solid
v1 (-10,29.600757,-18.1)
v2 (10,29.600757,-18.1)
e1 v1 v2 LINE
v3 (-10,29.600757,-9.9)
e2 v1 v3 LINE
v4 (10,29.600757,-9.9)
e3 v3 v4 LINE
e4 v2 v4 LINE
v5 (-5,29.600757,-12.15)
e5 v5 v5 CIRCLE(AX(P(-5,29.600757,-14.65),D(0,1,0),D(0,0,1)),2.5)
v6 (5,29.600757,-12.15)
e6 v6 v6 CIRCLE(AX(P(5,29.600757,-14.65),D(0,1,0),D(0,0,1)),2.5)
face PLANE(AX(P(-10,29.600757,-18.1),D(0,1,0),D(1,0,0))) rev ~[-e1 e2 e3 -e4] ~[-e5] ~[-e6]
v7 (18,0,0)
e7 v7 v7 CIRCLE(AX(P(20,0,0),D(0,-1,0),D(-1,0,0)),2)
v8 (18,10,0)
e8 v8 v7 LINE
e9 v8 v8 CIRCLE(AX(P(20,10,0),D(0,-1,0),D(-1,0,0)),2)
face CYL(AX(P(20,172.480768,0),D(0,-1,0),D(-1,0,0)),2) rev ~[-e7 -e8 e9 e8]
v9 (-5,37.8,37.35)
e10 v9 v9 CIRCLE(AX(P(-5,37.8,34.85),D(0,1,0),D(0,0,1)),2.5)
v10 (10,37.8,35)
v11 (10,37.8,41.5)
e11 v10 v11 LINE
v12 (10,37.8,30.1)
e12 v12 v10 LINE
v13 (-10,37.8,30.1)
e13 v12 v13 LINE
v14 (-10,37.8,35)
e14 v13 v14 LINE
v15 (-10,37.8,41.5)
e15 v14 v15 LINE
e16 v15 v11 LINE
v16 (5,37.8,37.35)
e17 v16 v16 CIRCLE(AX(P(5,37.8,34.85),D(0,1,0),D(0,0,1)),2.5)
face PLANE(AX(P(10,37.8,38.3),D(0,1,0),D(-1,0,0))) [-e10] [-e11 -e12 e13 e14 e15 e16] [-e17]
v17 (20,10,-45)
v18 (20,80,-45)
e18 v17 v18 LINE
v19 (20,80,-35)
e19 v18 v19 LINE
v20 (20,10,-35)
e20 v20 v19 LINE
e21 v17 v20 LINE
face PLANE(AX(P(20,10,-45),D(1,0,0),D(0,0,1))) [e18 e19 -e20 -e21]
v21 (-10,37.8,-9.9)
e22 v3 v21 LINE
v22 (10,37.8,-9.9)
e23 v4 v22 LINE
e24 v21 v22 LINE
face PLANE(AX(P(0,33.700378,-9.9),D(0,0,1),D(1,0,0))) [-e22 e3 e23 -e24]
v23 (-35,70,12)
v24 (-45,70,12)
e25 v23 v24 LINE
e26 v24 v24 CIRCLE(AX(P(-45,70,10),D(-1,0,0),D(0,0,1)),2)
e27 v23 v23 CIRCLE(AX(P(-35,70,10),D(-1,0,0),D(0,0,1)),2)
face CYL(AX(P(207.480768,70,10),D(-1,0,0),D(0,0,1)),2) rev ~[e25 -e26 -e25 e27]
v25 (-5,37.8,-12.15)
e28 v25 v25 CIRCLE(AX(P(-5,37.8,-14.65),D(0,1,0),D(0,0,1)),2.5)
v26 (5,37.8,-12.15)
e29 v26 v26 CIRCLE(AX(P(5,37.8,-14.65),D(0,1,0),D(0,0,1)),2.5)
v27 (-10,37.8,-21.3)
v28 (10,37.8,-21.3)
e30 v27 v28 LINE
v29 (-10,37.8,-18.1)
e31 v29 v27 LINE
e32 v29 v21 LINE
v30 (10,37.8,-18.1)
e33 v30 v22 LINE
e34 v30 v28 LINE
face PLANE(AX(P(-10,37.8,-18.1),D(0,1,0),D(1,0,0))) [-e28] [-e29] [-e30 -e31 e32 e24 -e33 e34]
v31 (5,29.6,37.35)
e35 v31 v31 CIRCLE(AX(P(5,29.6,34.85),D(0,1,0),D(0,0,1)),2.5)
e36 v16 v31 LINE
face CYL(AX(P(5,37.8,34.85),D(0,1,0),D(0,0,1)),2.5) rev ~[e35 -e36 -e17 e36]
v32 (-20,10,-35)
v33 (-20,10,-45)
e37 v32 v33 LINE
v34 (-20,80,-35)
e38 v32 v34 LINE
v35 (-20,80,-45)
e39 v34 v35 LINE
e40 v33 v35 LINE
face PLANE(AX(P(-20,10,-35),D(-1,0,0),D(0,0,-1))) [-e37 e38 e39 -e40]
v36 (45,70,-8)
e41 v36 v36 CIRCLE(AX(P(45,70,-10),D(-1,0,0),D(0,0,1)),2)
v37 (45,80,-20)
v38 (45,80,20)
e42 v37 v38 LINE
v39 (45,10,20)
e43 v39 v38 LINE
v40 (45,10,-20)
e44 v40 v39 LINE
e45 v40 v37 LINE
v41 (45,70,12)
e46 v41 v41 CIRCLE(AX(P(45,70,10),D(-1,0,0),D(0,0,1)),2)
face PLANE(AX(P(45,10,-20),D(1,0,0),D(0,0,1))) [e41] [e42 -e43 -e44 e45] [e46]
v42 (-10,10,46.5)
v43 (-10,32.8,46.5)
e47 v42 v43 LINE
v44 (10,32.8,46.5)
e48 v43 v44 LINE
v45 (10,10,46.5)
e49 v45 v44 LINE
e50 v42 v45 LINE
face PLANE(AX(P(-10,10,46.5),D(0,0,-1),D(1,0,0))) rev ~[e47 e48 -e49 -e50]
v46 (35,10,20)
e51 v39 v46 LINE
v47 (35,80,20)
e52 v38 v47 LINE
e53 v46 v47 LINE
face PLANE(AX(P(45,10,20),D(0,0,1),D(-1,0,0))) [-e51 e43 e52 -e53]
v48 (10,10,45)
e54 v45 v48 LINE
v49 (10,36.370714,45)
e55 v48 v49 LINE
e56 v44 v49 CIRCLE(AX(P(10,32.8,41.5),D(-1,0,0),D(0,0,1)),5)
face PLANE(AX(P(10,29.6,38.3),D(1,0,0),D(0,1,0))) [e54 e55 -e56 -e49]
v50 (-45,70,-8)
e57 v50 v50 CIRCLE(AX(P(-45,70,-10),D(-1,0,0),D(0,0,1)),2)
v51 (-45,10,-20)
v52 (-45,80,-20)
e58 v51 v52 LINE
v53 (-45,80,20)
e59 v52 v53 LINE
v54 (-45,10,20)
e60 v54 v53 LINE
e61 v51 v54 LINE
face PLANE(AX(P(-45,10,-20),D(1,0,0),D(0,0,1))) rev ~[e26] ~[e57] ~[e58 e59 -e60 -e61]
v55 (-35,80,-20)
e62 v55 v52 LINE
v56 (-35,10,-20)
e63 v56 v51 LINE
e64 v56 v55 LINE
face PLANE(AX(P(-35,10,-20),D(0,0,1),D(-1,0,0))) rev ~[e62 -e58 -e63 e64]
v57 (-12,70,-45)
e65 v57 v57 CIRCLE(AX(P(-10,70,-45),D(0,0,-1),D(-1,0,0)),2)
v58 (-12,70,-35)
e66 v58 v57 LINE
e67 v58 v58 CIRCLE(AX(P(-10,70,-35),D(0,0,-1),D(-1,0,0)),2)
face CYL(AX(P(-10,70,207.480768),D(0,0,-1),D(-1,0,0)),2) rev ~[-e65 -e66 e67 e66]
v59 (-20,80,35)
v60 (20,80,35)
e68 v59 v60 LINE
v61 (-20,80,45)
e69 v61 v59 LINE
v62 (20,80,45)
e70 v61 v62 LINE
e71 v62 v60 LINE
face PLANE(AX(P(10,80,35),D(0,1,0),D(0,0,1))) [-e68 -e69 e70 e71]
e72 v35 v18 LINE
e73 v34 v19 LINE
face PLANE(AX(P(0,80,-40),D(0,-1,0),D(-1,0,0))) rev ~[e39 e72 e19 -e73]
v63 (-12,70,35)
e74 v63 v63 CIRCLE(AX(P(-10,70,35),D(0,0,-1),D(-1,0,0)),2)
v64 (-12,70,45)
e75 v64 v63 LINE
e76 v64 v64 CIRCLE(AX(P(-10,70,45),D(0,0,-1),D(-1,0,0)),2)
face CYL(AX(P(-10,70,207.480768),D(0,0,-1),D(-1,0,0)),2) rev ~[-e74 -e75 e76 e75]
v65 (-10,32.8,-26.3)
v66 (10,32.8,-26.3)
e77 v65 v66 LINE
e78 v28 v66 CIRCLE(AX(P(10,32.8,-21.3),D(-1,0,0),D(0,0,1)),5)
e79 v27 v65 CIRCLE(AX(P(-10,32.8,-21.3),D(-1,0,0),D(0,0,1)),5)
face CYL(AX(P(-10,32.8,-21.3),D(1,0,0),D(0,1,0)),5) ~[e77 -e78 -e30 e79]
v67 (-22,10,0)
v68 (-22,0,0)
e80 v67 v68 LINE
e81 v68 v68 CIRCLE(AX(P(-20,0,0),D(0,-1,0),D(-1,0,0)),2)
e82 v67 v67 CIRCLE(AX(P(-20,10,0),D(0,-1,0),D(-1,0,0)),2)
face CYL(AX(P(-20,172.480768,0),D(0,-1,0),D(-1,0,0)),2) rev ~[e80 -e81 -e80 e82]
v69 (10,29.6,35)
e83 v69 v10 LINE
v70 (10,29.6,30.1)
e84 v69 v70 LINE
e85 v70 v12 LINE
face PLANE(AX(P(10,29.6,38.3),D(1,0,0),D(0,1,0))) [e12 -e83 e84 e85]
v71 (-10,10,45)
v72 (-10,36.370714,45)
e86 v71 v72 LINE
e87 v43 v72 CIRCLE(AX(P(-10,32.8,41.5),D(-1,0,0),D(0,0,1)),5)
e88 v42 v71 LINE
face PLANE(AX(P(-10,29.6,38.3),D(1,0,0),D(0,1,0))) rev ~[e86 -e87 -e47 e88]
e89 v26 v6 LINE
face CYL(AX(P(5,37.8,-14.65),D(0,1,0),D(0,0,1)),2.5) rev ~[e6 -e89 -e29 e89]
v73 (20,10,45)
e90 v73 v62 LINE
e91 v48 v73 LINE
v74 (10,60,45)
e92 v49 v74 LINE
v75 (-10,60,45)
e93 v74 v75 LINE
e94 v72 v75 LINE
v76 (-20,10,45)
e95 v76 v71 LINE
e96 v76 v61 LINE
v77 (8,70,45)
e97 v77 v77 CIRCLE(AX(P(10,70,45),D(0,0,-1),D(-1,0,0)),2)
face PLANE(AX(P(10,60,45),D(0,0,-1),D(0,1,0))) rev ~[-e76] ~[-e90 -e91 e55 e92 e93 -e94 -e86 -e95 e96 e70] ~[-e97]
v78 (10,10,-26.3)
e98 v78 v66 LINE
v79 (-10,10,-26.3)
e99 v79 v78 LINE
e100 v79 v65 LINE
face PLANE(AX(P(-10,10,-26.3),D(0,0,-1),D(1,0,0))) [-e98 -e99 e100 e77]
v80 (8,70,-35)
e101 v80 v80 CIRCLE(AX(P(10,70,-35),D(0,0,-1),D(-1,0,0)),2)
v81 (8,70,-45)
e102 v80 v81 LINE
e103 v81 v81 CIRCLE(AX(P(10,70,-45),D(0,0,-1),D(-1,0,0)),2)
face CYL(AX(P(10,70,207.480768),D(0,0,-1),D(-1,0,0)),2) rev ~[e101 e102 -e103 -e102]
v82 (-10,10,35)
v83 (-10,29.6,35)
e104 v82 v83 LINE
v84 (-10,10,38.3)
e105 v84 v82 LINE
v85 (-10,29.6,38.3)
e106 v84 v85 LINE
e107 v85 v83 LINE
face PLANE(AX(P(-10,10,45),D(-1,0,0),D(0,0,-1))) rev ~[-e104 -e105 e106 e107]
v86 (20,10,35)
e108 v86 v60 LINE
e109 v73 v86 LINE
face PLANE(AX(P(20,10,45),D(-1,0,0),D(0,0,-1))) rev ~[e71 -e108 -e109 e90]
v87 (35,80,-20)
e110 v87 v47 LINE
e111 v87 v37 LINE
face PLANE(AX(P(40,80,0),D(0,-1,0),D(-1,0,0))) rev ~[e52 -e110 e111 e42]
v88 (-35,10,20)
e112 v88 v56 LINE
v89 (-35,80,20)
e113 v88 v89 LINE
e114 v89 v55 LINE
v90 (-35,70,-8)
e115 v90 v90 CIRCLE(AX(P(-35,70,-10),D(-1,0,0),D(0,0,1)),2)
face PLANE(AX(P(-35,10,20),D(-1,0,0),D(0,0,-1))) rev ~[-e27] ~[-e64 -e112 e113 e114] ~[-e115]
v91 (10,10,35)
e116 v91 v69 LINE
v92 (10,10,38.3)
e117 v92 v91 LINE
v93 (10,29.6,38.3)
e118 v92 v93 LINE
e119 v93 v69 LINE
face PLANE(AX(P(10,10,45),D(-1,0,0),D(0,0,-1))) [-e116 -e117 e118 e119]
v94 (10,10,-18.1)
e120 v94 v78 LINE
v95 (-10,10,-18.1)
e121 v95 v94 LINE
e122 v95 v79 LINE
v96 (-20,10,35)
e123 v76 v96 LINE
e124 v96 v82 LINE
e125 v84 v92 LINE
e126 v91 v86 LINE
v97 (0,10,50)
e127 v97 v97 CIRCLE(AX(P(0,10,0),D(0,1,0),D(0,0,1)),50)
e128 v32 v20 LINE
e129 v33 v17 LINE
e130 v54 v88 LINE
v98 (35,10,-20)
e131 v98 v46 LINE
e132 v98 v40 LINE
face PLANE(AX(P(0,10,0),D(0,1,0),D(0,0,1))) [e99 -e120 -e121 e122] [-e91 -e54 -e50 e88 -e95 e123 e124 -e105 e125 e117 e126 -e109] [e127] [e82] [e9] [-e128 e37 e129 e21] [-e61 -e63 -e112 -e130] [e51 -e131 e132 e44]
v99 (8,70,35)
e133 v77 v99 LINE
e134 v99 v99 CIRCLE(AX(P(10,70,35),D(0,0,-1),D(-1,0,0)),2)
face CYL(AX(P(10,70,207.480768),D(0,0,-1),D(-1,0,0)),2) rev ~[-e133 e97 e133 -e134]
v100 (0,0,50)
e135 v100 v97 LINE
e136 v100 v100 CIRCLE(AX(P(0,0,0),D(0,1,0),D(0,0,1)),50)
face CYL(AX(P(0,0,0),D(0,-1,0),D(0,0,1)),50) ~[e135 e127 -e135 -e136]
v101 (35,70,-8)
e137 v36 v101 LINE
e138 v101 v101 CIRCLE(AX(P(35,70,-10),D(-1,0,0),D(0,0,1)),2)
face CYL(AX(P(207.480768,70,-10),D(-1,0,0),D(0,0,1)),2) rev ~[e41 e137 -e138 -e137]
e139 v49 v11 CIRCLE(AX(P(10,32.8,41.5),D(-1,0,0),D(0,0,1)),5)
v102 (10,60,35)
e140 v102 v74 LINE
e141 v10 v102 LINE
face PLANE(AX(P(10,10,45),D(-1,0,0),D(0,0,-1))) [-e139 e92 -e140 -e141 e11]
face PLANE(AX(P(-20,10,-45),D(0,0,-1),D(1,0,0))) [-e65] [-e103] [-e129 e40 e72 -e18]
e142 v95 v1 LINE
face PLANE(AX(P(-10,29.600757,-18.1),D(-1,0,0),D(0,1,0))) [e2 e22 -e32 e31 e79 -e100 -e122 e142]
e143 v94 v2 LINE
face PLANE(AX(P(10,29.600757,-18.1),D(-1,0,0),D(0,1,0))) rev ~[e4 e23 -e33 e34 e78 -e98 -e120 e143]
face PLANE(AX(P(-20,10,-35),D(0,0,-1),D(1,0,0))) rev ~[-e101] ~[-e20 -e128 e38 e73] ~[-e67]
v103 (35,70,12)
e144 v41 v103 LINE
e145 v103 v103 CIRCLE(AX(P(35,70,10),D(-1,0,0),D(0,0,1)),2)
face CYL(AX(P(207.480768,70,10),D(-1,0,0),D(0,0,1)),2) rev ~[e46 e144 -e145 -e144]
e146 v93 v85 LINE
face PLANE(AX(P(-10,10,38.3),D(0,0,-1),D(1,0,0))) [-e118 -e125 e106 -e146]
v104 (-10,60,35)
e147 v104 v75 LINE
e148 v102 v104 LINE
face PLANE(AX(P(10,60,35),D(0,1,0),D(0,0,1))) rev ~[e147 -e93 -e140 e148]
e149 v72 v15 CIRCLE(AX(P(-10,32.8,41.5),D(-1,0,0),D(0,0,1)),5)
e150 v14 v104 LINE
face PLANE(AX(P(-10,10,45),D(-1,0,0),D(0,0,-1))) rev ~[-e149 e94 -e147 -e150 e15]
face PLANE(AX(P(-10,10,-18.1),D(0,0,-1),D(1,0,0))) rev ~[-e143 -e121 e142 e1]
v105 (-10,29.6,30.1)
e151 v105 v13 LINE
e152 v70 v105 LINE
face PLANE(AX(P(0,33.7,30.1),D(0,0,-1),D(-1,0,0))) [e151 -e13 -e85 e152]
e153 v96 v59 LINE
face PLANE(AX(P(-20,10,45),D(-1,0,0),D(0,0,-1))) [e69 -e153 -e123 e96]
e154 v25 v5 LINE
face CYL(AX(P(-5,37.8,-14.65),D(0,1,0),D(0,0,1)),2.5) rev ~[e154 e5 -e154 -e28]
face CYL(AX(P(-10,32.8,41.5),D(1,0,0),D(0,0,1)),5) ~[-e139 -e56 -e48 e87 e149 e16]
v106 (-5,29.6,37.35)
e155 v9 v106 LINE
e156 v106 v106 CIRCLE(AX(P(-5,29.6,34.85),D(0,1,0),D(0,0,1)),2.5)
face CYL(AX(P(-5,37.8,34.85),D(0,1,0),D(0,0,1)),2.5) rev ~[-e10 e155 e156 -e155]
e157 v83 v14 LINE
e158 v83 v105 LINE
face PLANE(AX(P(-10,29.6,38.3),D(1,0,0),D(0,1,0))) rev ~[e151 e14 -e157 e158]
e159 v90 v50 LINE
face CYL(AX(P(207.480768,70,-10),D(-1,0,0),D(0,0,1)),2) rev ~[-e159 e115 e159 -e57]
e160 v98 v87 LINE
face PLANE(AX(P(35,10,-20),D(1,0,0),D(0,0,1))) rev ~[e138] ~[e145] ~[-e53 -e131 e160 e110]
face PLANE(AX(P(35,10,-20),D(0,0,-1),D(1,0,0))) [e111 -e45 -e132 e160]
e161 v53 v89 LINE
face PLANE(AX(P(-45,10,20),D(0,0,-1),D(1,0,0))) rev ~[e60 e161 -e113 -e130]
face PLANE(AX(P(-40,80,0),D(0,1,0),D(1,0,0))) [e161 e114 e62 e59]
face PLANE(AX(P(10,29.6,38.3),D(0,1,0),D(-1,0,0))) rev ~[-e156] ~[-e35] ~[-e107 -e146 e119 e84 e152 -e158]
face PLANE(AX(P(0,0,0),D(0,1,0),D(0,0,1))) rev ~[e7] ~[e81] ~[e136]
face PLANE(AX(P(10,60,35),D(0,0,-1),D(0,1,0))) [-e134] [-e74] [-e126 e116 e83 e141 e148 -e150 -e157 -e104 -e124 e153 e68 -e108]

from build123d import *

# Parameters (mm, degrees)
SKETCH1_R                = 50
BOSS_EXTRUDE1_DEPTH      = 10
SKETCH2_W                = 20
SKETCH2_H                = 8.2
BOSS_EXTRUDE2_DEPTH      = 27.8
SKETCH3_W                = 20
SKETCH3_H                = 8.2
BOSS_EXTRUDE3_DEPTH      = 8.2
SKETCH4_W                = 20
SKETCH4_H                = 8.199243263
BOSS_EXTRUDE4_DEPTH      = 8.2
FILLET1_R                = 5
SKETCH7_R                = 2.5
CUT_EXTRUDE1_DEPTH       = 9
SKETCH5_W                = 10
SKETCH5_H                = 10
BOSS_EXTRUDE5_DEPTH      = 70
BOSS_EXTRUDE6_REACH      = 113.803
SKETCH8_W                = 10
SKETCH8_H                = 20
F_4_0_4_DIAMETER_HOLE1_D = 4
F_4_0_4_DIAMETER_HOLE2_D = 4
F_4_0_4_DIAMETER_HOLE3_D = 4


with BuildPart() as part:
    # Sketch1 → Boss-Extrude1 (new body)
    with BuildSketch(Plane(origin=(0, 0, 0), x_dir=(1, 0, 0), z_dir=(0, 1, 0))):
        with Locations(Location((0, 0, 0), (0, 0, 270))):
            Circle(SKETCH1_R)
    extrude(amount=BOSS_EXTRUDE1_DEPTH)

    # Sketch2 → Boss-Extrude2 (add)
    with BuildSketch(Plane(origin=(0, 10, 0), x_dir=(1, 0, 0), z_dir=(0, 1, 0))):
        with Locations((0, -42.4)):
            Rectangle(SKETCH2_W, SKETCH2_H)
        with Locations((0, 22.2)):
            Rectangle(SKETCH2_W, SKETCH2_H)
    extrude(amount=BOSS_EXTRUDE2_DEPTH)

    # Sketch3 → Boss-Extrude3 (add)
    with BuildSketch(Plane(origin=(0, 0, 38.3), x_dir=(-1, 0, 0), z_dir=(0, 0, -1))):
        with Locations((0, 33.7)):
            Rectangle(SKETCH3_W, SKETCH3_H)
    extrude(amount=BOSS_EXTRUDE3_DEPTH)

    # Sketch4 → Boss-Extrude4 (add)
    with BuildSketch(Plane.XY.offset(-18.1)):
        with Locations((0, 33.700378369)):
            Rectangle(SKETCH4_W, SKETCH4_H)
    extrude(amount=BOSS_EXTRUDE4_DEPTH)

    # Fillet1
    fillet1_edges = [part.edges().sort_by_distance(p)[0] for p in [
        (0, 37.8, -26.3),
        (0, 37.8, 46.5),
    ]]
    fillet(fillet1_edges, radius=FILLET1_R)

    # Sketch7 → Cut-Extrude1 (cut)
    with BuildSketch(Plane(origin=(0, 37.8, 0), x_dir=(1, 0, 0), z_dir=(0, 1, 0))):
        with Locations(Location((5, 14.65, 0), (0, 0, 270))):
            Circle(SKETCH7_R)
        with Locations(Location((-5, 14.65, 0), (0, 0, 270))):
            Circle(SKETCH7_R)
        with Locations(Location((-5, -34.85, 0), (0, 0, 270))):
            Circle(SKETCH7_R)
        with Locations(Location((5, -34.85, 0), (0, 0, 270))):
            Circle(SKETCH7_R)
    extrude(amount=-CUT_EXTRUDE1_DEPTH, mode=Mode.SUBTRACT)

    # Sketch5 → Boss-Extrude5 (add)
    with BuildSketch(Plane(origin=(0, 10, 0), x_dir=(1, 0, 0), z_dir=(0, 1, 0))):
        Polygon((35, 0), (35, 20), (45, 20), (45, -20), (35, -20), align=None)
        Polygon((-45, -20), (-35, -20), (-35, 0), (-35, 20), (-45, 20), align=None)
        with Locations((-15, -40)):
            Rectangle(SKETCH5_W, SKETCH5_H)
        with Locations((15, -40)):
            Rectangle(SKETCH5_W, SKETCH5_H)
        Polygon((-20, 35), (-20, 45), (20, 45), (20, 35), (0, 35), align=None)
    extrude(amount=BOSS_EXTRUDE5_DEPTH)

    # Sketch8 → Boss-Extrude6 (add, up to next)
    with BuildSketch(Plane.ZY.offset(-10), mode=Mode.PRIVATE) as boss_extrude6_sk1:
        with Locations((40, 70)):
            Rectangle(SKETCH8_W, SKETCH8_H)
    boss_extrude6_tool1 = extrude(boss_extrude6_sk1.sketch, amount=BOSS_EXTRUDE6_REACH, mode=Mode.PRIVATE) - part.part
    add(boss_extrude6_tool1.solids().sort_by_distance((10, 70, 40))[0])

    # Ø4.0 (4) Diameter Hole1 (through all)
    with Locations(Plane.XY.offset(45)):
        with Locations((-10, 70), (10, 70)):
            Hole(F_4_0_4_DIAMETER_HOLE1_D / 2)

    # Ø4.0 (4) Diameter Hole2 (through all)
    with Locations(Plane(origin=(45, 0, 0), x_dir=(0, 0, -1), z_dir=(1, 0, 0))):
        with Locations((-10, 70), (10, 70)):
            Hole(F_4_0_4_DIAMETER_HOLE2_D / 2)

    # Ø4.0 (4) Diameter Hole3 (through all)
    with Locations(Plane(origin=(0, 10, 0), x_dir=(1, 0, 0), z_dir=(0, 1, 0))):
        with Locations((-20, 0), (20, 0)):
            Hole(F_4_0_4_DIAMETER_HOLE3_D / 2)


solid = part.part
